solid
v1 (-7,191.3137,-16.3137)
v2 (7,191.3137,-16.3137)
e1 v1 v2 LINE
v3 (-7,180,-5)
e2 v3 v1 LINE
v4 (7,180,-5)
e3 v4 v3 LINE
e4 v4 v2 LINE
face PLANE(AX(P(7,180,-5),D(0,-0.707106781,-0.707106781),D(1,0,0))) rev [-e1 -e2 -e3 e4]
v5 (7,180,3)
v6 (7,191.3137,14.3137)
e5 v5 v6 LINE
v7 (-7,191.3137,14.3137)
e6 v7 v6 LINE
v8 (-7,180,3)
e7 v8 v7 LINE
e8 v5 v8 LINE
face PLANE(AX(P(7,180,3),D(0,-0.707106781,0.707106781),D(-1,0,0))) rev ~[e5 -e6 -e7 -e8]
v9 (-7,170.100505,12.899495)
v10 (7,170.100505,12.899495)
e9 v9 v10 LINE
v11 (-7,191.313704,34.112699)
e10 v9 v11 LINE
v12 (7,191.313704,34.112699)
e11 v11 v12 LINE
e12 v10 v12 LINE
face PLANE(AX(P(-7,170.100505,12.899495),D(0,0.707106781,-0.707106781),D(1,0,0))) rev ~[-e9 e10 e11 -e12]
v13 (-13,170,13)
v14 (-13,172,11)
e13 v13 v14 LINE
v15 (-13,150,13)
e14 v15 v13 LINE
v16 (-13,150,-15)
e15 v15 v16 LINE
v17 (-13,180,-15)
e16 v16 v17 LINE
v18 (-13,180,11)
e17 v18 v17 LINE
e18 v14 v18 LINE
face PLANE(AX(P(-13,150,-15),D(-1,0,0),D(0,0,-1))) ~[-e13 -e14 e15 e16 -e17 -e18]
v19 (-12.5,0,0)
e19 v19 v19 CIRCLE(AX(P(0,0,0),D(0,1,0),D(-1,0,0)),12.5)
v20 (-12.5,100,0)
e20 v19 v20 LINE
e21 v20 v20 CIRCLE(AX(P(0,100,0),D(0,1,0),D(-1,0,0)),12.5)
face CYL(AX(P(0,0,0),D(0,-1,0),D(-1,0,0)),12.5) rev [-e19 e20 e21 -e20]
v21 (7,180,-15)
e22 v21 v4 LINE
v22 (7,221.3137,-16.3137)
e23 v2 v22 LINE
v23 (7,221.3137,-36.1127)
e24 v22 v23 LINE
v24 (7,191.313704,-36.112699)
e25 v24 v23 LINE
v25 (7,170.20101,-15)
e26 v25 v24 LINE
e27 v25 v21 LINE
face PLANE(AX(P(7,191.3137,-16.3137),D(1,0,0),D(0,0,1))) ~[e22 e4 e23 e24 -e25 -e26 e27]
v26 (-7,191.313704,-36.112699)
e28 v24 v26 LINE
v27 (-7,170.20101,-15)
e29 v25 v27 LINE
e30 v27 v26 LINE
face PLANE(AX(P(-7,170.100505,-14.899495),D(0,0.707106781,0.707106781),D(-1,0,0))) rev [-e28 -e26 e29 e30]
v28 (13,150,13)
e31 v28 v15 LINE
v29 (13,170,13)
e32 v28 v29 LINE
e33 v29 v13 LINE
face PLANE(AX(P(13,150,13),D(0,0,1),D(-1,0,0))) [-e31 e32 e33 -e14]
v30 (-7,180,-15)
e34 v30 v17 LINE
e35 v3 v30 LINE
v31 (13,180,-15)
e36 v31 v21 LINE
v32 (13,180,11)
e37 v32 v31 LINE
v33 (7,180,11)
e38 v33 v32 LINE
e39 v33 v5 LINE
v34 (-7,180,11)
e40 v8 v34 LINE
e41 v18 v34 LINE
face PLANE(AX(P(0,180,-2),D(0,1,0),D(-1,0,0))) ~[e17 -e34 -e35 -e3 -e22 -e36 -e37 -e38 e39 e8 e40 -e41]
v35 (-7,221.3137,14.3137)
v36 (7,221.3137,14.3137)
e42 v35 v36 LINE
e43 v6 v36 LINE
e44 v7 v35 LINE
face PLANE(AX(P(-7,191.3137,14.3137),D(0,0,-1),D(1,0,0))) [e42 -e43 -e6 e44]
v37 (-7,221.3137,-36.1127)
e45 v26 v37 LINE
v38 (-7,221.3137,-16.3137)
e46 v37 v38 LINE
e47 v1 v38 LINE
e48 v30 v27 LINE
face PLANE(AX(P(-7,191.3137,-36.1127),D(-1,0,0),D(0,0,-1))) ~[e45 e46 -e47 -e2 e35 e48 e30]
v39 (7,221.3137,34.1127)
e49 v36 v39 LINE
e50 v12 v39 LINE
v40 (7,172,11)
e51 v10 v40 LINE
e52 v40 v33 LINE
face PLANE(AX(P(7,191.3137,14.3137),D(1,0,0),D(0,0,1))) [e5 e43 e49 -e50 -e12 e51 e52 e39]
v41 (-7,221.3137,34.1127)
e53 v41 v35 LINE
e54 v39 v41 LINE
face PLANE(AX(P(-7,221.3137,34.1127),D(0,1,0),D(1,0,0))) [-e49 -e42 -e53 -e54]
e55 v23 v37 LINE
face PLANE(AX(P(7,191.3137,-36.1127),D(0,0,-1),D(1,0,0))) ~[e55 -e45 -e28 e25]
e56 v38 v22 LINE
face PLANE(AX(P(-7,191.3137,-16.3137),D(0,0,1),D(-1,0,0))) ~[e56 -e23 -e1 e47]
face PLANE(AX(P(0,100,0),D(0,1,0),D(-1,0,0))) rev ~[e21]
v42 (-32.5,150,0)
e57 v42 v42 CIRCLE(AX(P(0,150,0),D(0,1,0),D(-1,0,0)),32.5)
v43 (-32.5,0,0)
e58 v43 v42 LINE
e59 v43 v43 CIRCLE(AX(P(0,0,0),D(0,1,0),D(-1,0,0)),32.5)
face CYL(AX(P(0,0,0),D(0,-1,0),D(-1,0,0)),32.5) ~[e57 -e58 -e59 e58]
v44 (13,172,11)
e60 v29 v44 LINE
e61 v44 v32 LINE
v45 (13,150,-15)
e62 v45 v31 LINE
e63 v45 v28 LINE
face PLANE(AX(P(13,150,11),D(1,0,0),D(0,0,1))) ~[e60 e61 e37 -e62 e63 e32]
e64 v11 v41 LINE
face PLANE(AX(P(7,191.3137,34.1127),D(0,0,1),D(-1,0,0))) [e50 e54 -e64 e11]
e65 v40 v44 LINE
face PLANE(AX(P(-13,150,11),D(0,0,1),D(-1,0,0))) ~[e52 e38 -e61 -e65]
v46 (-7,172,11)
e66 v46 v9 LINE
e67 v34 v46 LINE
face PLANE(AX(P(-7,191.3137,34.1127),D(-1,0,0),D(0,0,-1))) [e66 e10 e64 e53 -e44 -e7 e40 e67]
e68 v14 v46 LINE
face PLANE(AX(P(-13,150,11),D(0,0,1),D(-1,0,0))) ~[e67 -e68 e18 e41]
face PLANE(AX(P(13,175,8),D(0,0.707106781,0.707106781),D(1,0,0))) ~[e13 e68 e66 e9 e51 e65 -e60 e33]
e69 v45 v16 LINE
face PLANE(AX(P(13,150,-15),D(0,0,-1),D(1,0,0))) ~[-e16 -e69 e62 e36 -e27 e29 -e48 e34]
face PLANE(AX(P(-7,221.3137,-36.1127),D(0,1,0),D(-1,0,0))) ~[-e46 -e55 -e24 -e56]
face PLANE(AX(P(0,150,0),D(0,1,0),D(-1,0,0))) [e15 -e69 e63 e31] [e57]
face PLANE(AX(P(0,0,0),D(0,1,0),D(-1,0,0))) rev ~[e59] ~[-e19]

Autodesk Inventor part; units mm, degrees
ref_plane "YZ Plane" through (0, 0, 0) normal (1, 0, 0) x (0, 1, 0)
ref_plane "XZ Plane" through (0, 0, 0) normal (0, 1, 0) x (-1, 0, 0)
sketch "Szkic1" plane through (0, 0, 0) normal (0, 1, 0) x (-1, 0, 0)
  circle A0 centre (0, 0) radius 12.5
  circle A1 centre (0, 0) radius 32.5
  dimension "d0" = 25
  dimension "d1" = 65
extrude "Wyciągnięcie proste1" add sketch "Szkic1" along normal blind 150 contours A0 | A1
sketch "Szkic2" plane through (0, 0, 0) normal (0, -1, 0) x (1, 0, 0)
  point P0 (0, 0)
extrude "Wyciągnięcie proste2" cut sketch "Szkic1" along normal blind 100 contours A0
sketch "Szkic3" plane through (0, 150, 0) normal (0, 1, 0) x (1, 0, 0)
  line L0 (13, -13) -> (-13, -13)
  line L1 (-13, -13) -> (-13, 13)
  line L2 (-13, 13) -> (13, 13)
  line L3 (13, 13) -> (13, -13)
  line L4 (13, -13) -> (-13, 13) construction
  line L5 (-13, -13) -> (13, 13) construction
  point P0 (0, 0)
  dimension "d6" = 26
  dimension "d7" = 26
extrude "Wyciągnięcie proste3" add sketch "Szkic3" along normal blind 30
chamfer "Faza1" distance 10 angle 45 2 edges at (0, 180, -13) (0, 180, 13)
sketch "Szkic4" plane through (-13, 180, 3) normal (0, 0.7071, 0.7071) x (1, 0, 0)
  line L0 (26, 0) -> (0, 0) projected
  line L1 (6, -14) -> (20, -14)
  line L2 (20, -14) -> (20, 0)
  line L3 (20, 0) -> (6, 0)
  line L4 (6, 0) -> (6, -14)
  line L5 (6, -14) -> (20, 0) construction
  line L6 (20, -14) -> (6, 0) construction
  line L7 (0, 0) -> (0, -14.1421) projected
  point P0 (13, -125.1579)
  point P1 (13, -7)
  dimension "d13" = 14
  dimension "d14" = 14
  dimension "d15" = 6
extrude "Wyciągnięcie proste4" add sketch "Szkic4" along normal blind 30
chamfer "Faza2" distance 14 angle 45 1 edges at (0, 201.2132, 24.2132)
sketch "Szkic5" plane through (-7, 191.3137, 34.1127) normal (0, 1, 0) x (1, 0, 0)
  line L0 (0, 31.1127) -> (0, 19.799) projected
  line L1 (14, 0) -> (0, 0)
  line L2 (0, 0) -> (0, 19.799)
  line L3 (0, 19.799) -> (14, 19.799)
  line L4 (14, 19.799) -> (14, 0)
  point P0 (7, 34.1127)
  dimension "d21" = 14
  dimension "d22" = 19.799
extrude "Wyciągnięcie proste5" add sketch "Szkic5" along normal blind 30
ref_plane "Płaszczyzna konstrukcyjna1" through (-13, 150, -1) normal (0, 0, 1) x (1, 0, 0)
mirror "Odbij1" about plane through (-13, 150, -1) normal (0, 0, 1) of "Wyciągnięcie proste5", "Wyciągnięcie proste4", "Wyciągnięcie proste3"
equation "\"PromieńGięcia\" = Grubość"
equation "\"SzerokośćGięciaPodcięcia\" = Grubość"
equation "\"GłębokośćGięciaPodcięcia\" = 0.5 * Grubość"
equation "\"RozmiarPodcięciaNarożnika\" = 4 * Grubość"
equation "\"MinimalnaPozostałość\" = 2 * Grubość"
equation "\"PromieńPrzejścia\" = PromieńGięcia"
equation "\"Rozmiar_promienia_Jacobiego\" = PromieńGięcia"
equation "\"Wielk_odstępu\" = Grubość"
equation "\"Grubość\" = 0.5"
properties part number "czesc5"
